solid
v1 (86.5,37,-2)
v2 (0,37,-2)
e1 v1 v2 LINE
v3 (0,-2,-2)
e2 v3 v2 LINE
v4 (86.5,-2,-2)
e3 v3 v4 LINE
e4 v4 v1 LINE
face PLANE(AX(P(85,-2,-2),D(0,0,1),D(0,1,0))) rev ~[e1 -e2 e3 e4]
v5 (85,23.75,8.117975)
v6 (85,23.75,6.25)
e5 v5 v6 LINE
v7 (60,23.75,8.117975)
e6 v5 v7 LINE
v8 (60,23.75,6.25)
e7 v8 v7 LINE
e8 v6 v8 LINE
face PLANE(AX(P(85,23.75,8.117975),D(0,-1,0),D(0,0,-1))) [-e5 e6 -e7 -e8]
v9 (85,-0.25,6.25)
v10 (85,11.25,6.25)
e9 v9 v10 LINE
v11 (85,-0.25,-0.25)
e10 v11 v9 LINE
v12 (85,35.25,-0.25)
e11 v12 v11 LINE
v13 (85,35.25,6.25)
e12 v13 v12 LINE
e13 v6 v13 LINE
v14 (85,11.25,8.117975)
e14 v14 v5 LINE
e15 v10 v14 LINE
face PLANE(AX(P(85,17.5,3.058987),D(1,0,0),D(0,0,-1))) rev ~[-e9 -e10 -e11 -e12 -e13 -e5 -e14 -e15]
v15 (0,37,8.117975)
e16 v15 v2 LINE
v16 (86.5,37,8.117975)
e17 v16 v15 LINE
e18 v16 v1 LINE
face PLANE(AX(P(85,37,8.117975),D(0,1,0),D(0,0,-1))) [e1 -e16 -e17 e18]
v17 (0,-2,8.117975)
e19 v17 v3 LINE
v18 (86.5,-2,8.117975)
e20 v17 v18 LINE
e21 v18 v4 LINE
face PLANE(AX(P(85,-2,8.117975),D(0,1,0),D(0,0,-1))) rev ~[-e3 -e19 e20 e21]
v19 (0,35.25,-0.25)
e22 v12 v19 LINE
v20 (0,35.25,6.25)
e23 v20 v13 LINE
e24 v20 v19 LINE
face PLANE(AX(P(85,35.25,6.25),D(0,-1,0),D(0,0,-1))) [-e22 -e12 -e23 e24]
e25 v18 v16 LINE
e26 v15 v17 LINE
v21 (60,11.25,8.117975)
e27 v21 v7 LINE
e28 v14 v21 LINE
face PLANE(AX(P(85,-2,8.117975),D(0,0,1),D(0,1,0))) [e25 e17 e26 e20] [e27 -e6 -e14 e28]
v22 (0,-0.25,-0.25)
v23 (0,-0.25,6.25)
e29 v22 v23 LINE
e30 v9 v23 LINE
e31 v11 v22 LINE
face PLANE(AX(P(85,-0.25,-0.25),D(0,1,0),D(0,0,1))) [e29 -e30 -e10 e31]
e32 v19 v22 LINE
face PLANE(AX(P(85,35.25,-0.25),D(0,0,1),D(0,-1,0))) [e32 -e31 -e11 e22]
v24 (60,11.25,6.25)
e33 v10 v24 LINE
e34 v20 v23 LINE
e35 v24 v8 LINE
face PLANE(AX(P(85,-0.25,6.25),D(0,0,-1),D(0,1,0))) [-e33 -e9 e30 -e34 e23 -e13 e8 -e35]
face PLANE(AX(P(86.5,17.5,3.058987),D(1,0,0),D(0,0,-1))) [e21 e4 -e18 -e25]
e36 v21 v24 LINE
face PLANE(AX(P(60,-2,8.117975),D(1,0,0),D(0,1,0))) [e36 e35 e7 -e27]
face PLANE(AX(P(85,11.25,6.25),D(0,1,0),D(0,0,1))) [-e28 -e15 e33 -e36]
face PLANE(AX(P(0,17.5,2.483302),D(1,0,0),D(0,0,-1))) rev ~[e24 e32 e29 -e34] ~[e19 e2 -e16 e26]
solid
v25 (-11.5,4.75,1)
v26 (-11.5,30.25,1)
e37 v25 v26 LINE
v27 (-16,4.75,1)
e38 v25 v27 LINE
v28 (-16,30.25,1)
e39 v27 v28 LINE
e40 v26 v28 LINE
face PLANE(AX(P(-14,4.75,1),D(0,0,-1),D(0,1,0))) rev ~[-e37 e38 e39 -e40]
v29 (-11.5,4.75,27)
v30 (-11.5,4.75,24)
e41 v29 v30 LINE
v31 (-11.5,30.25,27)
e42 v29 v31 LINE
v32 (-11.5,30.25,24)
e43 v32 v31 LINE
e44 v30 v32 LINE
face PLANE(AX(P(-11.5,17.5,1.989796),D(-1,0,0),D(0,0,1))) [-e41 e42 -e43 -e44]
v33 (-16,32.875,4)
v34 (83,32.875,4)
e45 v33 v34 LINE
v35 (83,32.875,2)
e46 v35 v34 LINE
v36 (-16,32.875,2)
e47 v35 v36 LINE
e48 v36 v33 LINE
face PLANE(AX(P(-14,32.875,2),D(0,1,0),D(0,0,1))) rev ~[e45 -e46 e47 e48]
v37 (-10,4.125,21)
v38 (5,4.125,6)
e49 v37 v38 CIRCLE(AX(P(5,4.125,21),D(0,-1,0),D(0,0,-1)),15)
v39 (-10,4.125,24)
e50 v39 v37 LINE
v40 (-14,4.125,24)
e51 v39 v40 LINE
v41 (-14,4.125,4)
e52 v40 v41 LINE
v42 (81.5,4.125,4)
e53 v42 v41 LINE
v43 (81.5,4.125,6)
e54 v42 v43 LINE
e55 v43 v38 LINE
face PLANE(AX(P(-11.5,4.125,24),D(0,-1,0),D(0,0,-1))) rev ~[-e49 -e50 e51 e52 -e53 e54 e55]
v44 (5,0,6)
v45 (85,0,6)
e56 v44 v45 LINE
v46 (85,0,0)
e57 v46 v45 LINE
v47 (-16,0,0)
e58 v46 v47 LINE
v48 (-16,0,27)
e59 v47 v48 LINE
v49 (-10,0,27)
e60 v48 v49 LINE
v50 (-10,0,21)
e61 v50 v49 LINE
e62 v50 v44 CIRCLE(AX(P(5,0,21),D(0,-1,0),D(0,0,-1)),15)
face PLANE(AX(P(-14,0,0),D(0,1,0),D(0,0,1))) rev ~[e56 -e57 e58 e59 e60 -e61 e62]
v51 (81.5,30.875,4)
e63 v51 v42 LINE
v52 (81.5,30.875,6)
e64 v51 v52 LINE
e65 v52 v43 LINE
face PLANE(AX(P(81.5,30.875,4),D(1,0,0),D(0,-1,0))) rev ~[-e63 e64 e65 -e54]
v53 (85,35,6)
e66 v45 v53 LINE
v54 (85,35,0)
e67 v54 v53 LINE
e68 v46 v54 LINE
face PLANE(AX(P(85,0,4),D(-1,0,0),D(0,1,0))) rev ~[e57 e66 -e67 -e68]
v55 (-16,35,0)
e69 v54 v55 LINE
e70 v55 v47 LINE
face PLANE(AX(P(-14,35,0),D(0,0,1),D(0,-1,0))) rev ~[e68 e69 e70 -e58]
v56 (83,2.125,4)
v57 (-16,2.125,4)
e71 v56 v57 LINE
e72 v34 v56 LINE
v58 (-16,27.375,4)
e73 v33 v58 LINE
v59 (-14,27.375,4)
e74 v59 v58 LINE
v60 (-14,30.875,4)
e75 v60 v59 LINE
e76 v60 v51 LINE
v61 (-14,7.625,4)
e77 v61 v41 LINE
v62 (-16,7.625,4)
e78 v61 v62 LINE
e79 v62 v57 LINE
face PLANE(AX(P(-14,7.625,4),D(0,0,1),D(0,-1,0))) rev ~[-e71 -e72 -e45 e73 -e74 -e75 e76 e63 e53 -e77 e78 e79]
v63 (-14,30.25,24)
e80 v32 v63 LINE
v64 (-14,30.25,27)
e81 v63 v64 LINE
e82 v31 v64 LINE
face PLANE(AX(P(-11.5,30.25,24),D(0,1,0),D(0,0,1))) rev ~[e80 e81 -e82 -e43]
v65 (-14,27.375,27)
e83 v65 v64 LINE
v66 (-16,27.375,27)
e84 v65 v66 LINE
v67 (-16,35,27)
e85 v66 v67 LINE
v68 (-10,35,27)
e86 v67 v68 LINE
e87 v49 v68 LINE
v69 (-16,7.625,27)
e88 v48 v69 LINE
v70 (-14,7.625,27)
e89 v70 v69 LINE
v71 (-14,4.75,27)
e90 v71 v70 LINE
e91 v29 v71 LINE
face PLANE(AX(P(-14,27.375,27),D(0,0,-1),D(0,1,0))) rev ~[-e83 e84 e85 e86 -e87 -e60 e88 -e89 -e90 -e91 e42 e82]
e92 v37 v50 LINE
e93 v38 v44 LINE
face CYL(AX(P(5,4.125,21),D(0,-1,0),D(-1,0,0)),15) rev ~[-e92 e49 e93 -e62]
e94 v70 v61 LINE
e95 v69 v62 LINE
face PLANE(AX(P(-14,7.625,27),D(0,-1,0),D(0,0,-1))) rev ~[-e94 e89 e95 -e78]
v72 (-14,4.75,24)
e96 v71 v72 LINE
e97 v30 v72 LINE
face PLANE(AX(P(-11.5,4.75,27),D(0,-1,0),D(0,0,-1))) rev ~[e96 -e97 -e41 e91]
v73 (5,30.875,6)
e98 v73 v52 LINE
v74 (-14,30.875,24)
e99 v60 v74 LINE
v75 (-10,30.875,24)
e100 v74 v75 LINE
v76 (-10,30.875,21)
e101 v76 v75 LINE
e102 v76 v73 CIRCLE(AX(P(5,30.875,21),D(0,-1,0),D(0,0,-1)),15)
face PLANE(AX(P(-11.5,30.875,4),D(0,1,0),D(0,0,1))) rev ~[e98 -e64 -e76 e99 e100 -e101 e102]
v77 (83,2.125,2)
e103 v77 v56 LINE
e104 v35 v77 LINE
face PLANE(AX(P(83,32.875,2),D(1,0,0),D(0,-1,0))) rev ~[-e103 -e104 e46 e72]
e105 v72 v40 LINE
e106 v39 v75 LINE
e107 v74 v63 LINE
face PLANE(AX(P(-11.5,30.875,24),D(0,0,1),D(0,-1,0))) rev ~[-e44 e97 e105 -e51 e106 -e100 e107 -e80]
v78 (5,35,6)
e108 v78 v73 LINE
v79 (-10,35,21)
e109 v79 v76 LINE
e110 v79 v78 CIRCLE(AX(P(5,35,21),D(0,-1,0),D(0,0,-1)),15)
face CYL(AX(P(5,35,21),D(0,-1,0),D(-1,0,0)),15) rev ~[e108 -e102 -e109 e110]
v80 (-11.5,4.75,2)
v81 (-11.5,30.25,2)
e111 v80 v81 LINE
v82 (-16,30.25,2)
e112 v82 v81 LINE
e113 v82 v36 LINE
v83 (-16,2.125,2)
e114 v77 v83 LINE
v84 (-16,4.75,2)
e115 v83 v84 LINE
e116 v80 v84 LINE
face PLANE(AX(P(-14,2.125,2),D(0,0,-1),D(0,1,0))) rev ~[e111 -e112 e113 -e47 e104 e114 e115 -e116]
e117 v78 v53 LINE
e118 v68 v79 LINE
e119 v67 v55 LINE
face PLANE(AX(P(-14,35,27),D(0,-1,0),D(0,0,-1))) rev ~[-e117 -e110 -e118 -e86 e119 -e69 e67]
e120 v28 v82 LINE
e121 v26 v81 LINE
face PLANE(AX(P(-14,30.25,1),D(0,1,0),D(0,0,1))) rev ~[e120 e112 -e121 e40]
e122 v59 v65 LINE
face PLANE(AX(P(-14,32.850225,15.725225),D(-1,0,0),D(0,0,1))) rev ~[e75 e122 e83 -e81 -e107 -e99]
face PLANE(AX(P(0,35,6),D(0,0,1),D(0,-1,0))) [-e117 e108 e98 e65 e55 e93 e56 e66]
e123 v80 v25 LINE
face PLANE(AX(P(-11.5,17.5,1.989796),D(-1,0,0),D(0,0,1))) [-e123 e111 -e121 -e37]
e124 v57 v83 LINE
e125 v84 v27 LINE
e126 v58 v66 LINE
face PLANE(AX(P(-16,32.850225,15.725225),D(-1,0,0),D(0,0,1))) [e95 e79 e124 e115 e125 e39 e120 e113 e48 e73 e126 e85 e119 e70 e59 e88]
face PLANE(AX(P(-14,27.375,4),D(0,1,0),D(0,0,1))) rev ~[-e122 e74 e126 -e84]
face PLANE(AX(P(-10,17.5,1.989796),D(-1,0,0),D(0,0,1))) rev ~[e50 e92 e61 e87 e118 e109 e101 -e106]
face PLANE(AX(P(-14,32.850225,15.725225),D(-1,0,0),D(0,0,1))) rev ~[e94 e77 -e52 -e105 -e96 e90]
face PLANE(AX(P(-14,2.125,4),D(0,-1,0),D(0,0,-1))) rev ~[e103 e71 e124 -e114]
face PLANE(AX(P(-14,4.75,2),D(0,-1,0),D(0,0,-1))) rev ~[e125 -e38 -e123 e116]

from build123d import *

# Parameters (mm, degrees)
SKETCH1_W            = 85
SKETCH1_H            = 35
BOSS_EXTRUDE1_DEPTH  = 2
BOSS_EXTRUDE2_DEPTH  = 2
BOSS_EXTRUDE3_DEPTH  = 2
BOSS_EXTRUDE4_DEPTH  = 85
SKETCH6_W            = 10.11797479
SKETCH6_H            = 39
BOSS_EXTRUDE5_DEPTH  = 1.5
BOSS_EXTRUDE6_DEPTH  = 10
SKETCH8_W            = 18
SKETCH8_H            = 4.125
SKETCH8_W_2          = 3
SKETCH8_H_2          = 26.75
BOSS_EXTRUDE7_DEPTH  = 1.5
BOSS_EXTRUDE8_DEPTH  = 2.5
BOSS_EXTRUDE9_DEPTH  = 2
FILLET2_R            = 15
SKETCH11_W           = 60
SKETCH11_H           = 39
BOSS_EXTRUDE10_DEPTH = 1.86797479


with BuildPart() as part:
    # Sketch1 → Boss-Extrude1 (new body)
    with BuildSketch(Plane.XY):
        with Locations((42.5, 17.5)):
            Rectangle(SKETCH1_W, SKETCH1_H)
    extrude(amount=BOSS_EXTRUDE1_DEPTH)

    # Sketch2 → Boss-Extrude2 (add)
    with BuildSketch(Plane.XY.offset(2)):
        Polygon((83, 2.125), (0, 2.125), (0, 0), (85, 0), (85, 35), (0, 35), (0, 32.875), (83, 32.875), align=None)
    extrude(amount=BOSS_EXTRUDE2_DEPTH)

    # Sketch3 → Boss-Extrude3 (add)
    with BuildSketch(Plane.XY.offset(4)):
        Polygon((0, 4.125), (0, 2.125), (83, 2.125), (83, 32.875), (0, 32.875), (0, 30.875), (81.5, 30.875), (81.5, 4.125), align=None)
        Polygon((0, 32.875), (83, 32.875), (83, 2.125), (0, 2.125), (0, 0), (85, 0), (85, 35), (0, 35), align=None)
    extrude(amount=BOSS_EXTRUDE3_DEPTH)

    # Sketch7 → Boss-Extrude6 (add)
    with BuildSketch(Plane.ZY):
        Polygon((0, 35), (6, 35), (6, 30.875), (4, 30.875), (4, 32.875), (2, 32.875), (2, 2.125), (4, 2.125), (4, 4.125), (6, 4.125), (6, 0), (0, 0), align=None)
    extrude(amount=BOSS_EXTRUDE6_DEPTH)

    # Sketch8 → Boss-Extrude7 (add)
    with BuildSketch(Plane.ZY.offset(10)):
        Polygon((6, 35), (0, 35), (0, 0), (6, 0), (6, 4.125), (4, 4.125), (4, 2.125), (2, 2.125), (2, 32.875), (4, 32.875), (4, 30.875), (6, 30.875), align=None)
        with Locations((15, 32.9375)):
            Rectangle(SKETCH8_W, SKETCH8_H)
        with Locations((15, 2.0625)):
            Rectangle(SKETCH8_W, SKETCH8_H)
        with Locations((25.5, 2.0625)):
            Rectangle(SKETCH8_W_2, SKETCH8_H)
        with Locations((25.5, 17.5)):
            Rectangle(SKETCH8_W_2, SKETCH8_H_2)
        with Locations((25.5, 32.9375)):
            Rectangle(SKETCH8_W_2, SKETCH8_H)
    extrude(amount=BOSS_EXTRUDE7_DEPTH)

    # Sketch9 → Boss-Extrude8 (add)
    with BuildSketch(Plane.ZY.offset(11.5)):
        Polygon((24, 30.25), (27, 30.25), (27, 35), (0, 35), (0, 0), (27, 0), (27, 4.75), (24, 4.75), (24, 4.125), (6, 4.125), (4, 4.125), (4, 2.125), (2, 2.125), (2, 4.75), (1, 4.75), (1, 30.25), (2, 30.25), (2, 32.875), (4, 32.875), (4, 30.875), (6, 30.875), (24, 30.875), align=None)
    extrude(amount=BOSS_EXTRUDE8_DEPTH)

    # Sketch10 → Boss-Extrude9 (add)
    with BuildSketch(Plane.ZY.offset(14)):
        Polygon((27, 35), (4, 35), (4, 32.875), (4, 30.875), (24, 30.875), (24, 30.25), (27, 30.25), align=None)
        Polygon((27, 27.375), (27, 30.25), (24, 30.25), (24, 30.875), (4, 30.875), (4, 27.375), align=None)
        Polygon((4, 35), (0, 35), (0, 0), (4, 0), (4, 2.125), (2, 2.125), (2, 4.75), (1, 4.75), (1, 30.25), (2, 30.25), (2, 32.875), (4, 32.875), align=None)
        Polygon((4, 2.125), (4, 0), (27, 0), (27, 4.75), (24, 4.75), (24, 4.125), (4, 4.125), align=None)
        Polygon((24, 4.75), (27, 4.75), (27, 7.625), (4, 7.625), (4, 4.125), (24, 4.125), align=None)
    extrude(amount=BOSS_EXTRUDE9_DEPTH)

    # Fillet2
    fillet2_edges = [part.edges().sort_by_distance(p)[0] for p in [
        (-10, 2.0625, 6),
        (-10, 32.9375, 6),
    ]]
    fillet(fillet2_edges, radius=FILLET2_R)


with BuildPart() as body_2:
    # Sketch5 → Boss-Extrude4 (new body)
    with BuildSketch(Plane(origin=(85, 0, 0), x_dir=(0, 0, -1), z_dir=(1, 0, 0))):
        Polygon((2, -2), (2, 37), (-8.11797479, 37), (-8.11797479, 23.75), (-6.25, 23.75), (-6.25, 35.25), (0.25, 35.25), (0.25, -0.25), (-6.25, -0.25), (-6.25, 11.25), (-8.11797479, 11.25), (-8.11797479, -2), align=None)
    extrude(amount=-BOSS_EXTRUDE4_DEPTH)

    # Sketch6 → Boss-Extrude5 (add)
    with BuildSketch(Plane(origin=(85, 0, 0), x_dir=(0, 0, -1), z_dir=(1, 0, 0))):
        with Locations((-3.058987395, 17.5)):
            Rectangle(SKETCH6_W, SKETCH6_H)
    extrude(amount=BOSS_EXTRUDE5_DEPTH)

    # Sketch11 → Boss-Extrude10 (add)
    with BuildSketch(Plane.XY.offset(8.11797479)):
        with Locations((30, 17.5)):
            Rectangle(SKETCH11_W, SKETCH11_H)
    extrude(amount=-BOSS_EXTRUDE10_DEPTH)


solid = Compound([part.part, body_2.part])
